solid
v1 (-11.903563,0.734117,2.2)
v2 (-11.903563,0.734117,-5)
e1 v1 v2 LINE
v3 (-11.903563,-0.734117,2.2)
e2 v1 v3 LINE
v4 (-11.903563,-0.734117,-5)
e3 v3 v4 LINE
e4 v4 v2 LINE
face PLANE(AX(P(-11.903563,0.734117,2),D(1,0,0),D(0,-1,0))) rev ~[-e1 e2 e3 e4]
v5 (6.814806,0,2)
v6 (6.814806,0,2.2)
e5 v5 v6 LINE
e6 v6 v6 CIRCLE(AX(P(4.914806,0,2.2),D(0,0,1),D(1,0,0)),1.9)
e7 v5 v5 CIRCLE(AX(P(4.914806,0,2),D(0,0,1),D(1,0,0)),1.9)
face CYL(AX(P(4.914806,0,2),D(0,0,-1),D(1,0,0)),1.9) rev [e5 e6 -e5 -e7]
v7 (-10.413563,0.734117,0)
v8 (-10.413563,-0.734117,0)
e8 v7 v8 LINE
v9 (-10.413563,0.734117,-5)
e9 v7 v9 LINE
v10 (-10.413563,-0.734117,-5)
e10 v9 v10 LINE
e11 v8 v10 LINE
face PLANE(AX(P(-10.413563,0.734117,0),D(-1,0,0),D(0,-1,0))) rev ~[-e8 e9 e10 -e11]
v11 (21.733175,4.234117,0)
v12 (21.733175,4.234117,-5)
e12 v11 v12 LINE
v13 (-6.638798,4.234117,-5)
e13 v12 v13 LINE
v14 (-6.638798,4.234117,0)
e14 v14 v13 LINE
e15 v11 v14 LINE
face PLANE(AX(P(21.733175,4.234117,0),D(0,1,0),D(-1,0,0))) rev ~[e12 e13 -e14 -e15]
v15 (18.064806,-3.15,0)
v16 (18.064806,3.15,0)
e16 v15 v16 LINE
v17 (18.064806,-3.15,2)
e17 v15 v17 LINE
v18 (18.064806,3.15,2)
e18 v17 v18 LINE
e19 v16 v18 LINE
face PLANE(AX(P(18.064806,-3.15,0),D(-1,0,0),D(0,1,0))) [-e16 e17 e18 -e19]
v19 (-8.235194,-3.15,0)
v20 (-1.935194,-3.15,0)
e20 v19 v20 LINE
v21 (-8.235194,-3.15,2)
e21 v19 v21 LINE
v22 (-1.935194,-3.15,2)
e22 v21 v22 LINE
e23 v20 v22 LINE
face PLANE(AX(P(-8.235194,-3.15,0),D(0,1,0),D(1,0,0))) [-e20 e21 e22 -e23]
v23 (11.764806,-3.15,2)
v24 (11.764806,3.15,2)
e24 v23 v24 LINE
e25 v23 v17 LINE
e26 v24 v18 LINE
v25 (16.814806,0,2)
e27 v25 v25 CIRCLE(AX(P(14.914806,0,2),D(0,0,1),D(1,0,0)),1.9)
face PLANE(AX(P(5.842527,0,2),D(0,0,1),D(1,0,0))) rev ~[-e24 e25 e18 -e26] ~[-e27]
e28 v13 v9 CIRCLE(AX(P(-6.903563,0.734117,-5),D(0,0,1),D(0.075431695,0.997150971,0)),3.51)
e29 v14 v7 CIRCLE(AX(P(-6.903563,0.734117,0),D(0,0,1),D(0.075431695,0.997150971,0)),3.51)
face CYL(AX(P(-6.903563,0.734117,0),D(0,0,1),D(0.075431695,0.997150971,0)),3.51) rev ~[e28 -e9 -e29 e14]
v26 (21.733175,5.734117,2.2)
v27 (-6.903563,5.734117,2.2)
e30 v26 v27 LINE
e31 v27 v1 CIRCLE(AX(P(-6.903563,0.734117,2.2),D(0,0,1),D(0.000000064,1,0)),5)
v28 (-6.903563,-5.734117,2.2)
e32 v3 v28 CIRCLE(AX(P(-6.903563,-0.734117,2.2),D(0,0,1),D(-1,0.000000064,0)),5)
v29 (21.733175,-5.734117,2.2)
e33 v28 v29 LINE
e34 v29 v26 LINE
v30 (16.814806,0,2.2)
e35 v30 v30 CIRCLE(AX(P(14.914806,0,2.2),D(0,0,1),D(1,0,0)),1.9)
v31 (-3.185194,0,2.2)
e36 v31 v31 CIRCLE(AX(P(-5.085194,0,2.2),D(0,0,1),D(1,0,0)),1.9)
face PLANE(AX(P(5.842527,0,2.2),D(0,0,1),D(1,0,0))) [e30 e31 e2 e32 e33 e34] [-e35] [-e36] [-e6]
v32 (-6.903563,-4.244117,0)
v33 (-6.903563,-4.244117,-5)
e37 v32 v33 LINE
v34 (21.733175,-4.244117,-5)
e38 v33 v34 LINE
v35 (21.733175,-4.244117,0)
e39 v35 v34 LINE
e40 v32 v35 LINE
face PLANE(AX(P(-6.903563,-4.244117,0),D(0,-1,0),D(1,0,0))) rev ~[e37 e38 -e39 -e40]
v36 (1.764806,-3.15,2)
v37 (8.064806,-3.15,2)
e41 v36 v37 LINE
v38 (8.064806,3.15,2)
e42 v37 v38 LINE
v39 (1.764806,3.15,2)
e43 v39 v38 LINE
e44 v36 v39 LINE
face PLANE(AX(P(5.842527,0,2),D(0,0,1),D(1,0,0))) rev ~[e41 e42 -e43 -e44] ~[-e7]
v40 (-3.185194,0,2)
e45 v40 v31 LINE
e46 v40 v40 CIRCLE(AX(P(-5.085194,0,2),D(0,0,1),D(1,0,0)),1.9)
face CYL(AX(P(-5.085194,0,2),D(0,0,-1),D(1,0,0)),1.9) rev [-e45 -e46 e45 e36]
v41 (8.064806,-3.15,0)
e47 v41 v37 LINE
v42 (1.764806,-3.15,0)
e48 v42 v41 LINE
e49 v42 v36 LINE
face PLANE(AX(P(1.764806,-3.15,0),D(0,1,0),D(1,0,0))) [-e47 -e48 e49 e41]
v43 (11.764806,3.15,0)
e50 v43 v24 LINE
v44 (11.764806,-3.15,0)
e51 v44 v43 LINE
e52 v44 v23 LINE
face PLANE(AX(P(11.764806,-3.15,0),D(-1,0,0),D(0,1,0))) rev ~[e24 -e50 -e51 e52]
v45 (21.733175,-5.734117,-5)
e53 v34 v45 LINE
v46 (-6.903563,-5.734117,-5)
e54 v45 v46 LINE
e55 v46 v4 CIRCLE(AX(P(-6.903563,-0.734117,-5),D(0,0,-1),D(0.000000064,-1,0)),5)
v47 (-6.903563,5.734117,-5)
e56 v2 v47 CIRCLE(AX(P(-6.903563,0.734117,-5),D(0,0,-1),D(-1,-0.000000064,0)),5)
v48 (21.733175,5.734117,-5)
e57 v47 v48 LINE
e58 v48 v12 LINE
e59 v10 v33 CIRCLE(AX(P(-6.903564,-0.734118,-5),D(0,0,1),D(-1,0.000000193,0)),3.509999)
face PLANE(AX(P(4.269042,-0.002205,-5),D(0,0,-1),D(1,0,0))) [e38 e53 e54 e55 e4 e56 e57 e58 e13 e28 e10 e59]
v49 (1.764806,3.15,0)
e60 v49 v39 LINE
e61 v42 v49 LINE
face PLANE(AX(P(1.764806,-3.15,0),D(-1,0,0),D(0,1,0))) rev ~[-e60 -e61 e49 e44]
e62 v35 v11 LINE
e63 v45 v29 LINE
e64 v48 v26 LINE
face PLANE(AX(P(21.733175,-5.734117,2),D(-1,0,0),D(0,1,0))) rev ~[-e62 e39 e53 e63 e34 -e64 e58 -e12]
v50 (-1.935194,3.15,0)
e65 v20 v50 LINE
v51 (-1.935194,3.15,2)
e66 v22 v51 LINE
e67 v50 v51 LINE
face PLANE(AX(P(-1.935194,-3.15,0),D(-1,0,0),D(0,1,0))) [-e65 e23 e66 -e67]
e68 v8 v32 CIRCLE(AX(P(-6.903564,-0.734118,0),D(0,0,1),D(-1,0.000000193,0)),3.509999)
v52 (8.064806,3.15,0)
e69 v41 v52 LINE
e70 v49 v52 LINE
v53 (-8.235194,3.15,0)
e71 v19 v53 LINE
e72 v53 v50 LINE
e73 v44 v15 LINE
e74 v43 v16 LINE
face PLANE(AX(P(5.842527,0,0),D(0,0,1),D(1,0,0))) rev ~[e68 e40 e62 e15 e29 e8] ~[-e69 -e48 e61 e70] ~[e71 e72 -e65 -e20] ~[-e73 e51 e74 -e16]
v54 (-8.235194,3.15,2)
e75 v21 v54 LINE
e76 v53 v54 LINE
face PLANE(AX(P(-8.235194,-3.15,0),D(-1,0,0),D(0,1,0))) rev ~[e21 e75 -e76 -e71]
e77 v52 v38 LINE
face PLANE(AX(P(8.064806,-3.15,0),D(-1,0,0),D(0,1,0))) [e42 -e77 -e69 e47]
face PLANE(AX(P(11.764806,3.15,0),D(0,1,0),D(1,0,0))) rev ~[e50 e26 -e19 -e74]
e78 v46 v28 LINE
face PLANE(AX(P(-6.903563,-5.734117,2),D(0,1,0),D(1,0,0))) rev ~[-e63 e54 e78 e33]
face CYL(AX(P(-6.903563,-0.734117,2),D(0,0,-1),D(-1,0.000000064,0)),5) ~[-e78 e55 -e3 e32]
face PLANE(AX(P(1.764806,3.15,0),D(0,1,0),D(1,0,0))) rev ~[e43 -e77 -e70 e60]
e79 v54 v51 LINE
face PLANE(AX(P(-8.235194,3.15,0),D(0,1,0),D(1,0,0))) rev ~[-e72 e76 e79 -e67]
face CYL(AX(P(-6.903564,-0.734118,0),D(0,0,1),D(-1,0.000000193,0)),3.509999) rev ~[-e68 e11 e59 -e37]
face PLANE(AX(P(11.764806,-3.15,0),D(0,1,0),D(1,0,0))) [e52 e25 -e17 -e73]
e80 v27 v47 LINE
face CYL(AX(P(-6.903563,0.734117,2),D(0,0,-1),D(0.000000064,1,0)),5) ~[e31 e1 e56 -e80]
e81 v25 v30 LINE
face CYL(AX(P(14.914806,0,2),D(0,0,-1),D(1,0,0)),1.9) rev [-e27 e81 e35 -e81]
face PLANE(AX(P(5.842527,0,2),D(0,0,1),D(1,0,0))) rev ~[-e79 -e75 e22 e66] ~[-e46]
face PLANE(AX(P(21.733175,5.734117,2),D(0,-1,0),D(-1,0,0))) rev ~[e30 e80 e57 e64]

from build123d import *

# Parameters (mm, degrees)
F0_W     = 6.3
F0_H     = 6.3
F1_DEPTH = 2
F3_DEPTH = 5
F4_R     = 1.9
F5_DEPTH = 0.2


with BuildPart() as f1:
    # F0 (on Top) → F1 (new body)
    with BuildSketch(Plane.XY):
        with BuildLine():
            Line((21.733175, 5.734117), (-6.903563, 5.734117))
            ThreePointArc((-6.903563, 5.734117), (-10.439097, 4.269651), (-11.903563, 0.734117))
            Line((-11.903563, 0.734117), (-11.903563, -0.734117))
            ThreePointArc((-11.903563, -0.734117), (-10.439097, -4.269651), (-6.903563, -5.734117))
            Line((-6.903563, -5.734117), (21.733175, -5.734117))
            Line((21.733175, -5.734117), (21.733175, 5.734117))
        make_face()
        with Locations((-5.085194, 0)):
            Rectangle(F0_W, F0_H, mode=Mode.SUBTRACT)
        with Locations((4.914806, 0)):
            Rectangle(F0_W, F0_H, mode=Mode.SUBTRACT)
        with Locations((14.914806, 0)):
            Rectangle(F0_W, F0_H, mode=Mode.SUBTRACT)
    extrude(amount=F1_DEPTH)

    # F2 (on face) → F3 (join)
    with BuildSketch(Plane(origin=(0, 0, 0), x_dir=(1, 0, 0), z_dir=(0, 0, -1))):
        with BuildLine():
            Line((21.733175, 5.734117), (-6.903563, 5.734117))
            ThreePointArc((-6.903563, 5.734117), (-10.439097, 4.269651), (-11.903563, 0.734117))
            Line((-11.903563, 0.734117), (-11.903563, -0.734117))
            ThreePointArc((-11.903563, -0.734117), (-10.439097, -4.269651), (-6.903563, -5.734117))
            Line((-6.903563, -5.734117), (21.733175, -5.734117))
            Line((21.733175, -5.734117), (21.733175, -4.234117))
            Line((21.733175, -4.234117), (-5.403563, -4.234117))
            Line((-5.403563, -4.234117), (-6.638798, -4.234117))
            ThreePointArc((-6.638798, -4.234117), (-9.290064, -3.307969), (-10.413563, -0.734117))
            Line((-10.413563, -0.734117), (-10.413563, 0.734117))
            ThreePointArc((-10.413563, 0.734117), (-9.385508, 3.216062), (-6.903563, 4.244117))
            Line((-6.903563, 4.244117), (-5.403563, 4.244117))
            Line((-5.403563, 4.244117), (21.733175, 4.244117))
            Line((21.733175, 4.244117), (21.733175, 5.734117))
        make_face()
    extrude(amount=F3_DEPTH)

    # F4 (on face) → F5 (join)
    with BuildSketch(Plane.XY.offset(2)):
        with BuildLine():
            ThreePointArc((-11.903563, -0.734117), (-10.439097, -4.269651), (-6.903563, -5.734117))
            Line((-6.903563, -5.734117), (21.733175, -5.734117))
            Line((21.733175, -5.734117), (21.733175, 5.734117))
            Line((21.733175, 5.734117), (-6.903563, 5.734117))
            ThreePointArc((-6.903563, 5.734117), (-10.439097, 4.269651), (-11.903563, 0.734117))
            Line((-11.903563, 0.734117), (-11.903563, -0.734117))
        make_face()
        with Locations((-5.085194, 0)):
            Circle(F4_R, mode=Mode.SUBTRACT)
        with Locations((4.914806, 0)):
            Circle(F4_R, mode=Mode.SUBTRACT)
        with Locations((14.914806, 0)):
            Circle(F4_R, mode=Mode.SUBTRACT)
    extrude(amount=F5_DEPTH)


solid = f1.part
